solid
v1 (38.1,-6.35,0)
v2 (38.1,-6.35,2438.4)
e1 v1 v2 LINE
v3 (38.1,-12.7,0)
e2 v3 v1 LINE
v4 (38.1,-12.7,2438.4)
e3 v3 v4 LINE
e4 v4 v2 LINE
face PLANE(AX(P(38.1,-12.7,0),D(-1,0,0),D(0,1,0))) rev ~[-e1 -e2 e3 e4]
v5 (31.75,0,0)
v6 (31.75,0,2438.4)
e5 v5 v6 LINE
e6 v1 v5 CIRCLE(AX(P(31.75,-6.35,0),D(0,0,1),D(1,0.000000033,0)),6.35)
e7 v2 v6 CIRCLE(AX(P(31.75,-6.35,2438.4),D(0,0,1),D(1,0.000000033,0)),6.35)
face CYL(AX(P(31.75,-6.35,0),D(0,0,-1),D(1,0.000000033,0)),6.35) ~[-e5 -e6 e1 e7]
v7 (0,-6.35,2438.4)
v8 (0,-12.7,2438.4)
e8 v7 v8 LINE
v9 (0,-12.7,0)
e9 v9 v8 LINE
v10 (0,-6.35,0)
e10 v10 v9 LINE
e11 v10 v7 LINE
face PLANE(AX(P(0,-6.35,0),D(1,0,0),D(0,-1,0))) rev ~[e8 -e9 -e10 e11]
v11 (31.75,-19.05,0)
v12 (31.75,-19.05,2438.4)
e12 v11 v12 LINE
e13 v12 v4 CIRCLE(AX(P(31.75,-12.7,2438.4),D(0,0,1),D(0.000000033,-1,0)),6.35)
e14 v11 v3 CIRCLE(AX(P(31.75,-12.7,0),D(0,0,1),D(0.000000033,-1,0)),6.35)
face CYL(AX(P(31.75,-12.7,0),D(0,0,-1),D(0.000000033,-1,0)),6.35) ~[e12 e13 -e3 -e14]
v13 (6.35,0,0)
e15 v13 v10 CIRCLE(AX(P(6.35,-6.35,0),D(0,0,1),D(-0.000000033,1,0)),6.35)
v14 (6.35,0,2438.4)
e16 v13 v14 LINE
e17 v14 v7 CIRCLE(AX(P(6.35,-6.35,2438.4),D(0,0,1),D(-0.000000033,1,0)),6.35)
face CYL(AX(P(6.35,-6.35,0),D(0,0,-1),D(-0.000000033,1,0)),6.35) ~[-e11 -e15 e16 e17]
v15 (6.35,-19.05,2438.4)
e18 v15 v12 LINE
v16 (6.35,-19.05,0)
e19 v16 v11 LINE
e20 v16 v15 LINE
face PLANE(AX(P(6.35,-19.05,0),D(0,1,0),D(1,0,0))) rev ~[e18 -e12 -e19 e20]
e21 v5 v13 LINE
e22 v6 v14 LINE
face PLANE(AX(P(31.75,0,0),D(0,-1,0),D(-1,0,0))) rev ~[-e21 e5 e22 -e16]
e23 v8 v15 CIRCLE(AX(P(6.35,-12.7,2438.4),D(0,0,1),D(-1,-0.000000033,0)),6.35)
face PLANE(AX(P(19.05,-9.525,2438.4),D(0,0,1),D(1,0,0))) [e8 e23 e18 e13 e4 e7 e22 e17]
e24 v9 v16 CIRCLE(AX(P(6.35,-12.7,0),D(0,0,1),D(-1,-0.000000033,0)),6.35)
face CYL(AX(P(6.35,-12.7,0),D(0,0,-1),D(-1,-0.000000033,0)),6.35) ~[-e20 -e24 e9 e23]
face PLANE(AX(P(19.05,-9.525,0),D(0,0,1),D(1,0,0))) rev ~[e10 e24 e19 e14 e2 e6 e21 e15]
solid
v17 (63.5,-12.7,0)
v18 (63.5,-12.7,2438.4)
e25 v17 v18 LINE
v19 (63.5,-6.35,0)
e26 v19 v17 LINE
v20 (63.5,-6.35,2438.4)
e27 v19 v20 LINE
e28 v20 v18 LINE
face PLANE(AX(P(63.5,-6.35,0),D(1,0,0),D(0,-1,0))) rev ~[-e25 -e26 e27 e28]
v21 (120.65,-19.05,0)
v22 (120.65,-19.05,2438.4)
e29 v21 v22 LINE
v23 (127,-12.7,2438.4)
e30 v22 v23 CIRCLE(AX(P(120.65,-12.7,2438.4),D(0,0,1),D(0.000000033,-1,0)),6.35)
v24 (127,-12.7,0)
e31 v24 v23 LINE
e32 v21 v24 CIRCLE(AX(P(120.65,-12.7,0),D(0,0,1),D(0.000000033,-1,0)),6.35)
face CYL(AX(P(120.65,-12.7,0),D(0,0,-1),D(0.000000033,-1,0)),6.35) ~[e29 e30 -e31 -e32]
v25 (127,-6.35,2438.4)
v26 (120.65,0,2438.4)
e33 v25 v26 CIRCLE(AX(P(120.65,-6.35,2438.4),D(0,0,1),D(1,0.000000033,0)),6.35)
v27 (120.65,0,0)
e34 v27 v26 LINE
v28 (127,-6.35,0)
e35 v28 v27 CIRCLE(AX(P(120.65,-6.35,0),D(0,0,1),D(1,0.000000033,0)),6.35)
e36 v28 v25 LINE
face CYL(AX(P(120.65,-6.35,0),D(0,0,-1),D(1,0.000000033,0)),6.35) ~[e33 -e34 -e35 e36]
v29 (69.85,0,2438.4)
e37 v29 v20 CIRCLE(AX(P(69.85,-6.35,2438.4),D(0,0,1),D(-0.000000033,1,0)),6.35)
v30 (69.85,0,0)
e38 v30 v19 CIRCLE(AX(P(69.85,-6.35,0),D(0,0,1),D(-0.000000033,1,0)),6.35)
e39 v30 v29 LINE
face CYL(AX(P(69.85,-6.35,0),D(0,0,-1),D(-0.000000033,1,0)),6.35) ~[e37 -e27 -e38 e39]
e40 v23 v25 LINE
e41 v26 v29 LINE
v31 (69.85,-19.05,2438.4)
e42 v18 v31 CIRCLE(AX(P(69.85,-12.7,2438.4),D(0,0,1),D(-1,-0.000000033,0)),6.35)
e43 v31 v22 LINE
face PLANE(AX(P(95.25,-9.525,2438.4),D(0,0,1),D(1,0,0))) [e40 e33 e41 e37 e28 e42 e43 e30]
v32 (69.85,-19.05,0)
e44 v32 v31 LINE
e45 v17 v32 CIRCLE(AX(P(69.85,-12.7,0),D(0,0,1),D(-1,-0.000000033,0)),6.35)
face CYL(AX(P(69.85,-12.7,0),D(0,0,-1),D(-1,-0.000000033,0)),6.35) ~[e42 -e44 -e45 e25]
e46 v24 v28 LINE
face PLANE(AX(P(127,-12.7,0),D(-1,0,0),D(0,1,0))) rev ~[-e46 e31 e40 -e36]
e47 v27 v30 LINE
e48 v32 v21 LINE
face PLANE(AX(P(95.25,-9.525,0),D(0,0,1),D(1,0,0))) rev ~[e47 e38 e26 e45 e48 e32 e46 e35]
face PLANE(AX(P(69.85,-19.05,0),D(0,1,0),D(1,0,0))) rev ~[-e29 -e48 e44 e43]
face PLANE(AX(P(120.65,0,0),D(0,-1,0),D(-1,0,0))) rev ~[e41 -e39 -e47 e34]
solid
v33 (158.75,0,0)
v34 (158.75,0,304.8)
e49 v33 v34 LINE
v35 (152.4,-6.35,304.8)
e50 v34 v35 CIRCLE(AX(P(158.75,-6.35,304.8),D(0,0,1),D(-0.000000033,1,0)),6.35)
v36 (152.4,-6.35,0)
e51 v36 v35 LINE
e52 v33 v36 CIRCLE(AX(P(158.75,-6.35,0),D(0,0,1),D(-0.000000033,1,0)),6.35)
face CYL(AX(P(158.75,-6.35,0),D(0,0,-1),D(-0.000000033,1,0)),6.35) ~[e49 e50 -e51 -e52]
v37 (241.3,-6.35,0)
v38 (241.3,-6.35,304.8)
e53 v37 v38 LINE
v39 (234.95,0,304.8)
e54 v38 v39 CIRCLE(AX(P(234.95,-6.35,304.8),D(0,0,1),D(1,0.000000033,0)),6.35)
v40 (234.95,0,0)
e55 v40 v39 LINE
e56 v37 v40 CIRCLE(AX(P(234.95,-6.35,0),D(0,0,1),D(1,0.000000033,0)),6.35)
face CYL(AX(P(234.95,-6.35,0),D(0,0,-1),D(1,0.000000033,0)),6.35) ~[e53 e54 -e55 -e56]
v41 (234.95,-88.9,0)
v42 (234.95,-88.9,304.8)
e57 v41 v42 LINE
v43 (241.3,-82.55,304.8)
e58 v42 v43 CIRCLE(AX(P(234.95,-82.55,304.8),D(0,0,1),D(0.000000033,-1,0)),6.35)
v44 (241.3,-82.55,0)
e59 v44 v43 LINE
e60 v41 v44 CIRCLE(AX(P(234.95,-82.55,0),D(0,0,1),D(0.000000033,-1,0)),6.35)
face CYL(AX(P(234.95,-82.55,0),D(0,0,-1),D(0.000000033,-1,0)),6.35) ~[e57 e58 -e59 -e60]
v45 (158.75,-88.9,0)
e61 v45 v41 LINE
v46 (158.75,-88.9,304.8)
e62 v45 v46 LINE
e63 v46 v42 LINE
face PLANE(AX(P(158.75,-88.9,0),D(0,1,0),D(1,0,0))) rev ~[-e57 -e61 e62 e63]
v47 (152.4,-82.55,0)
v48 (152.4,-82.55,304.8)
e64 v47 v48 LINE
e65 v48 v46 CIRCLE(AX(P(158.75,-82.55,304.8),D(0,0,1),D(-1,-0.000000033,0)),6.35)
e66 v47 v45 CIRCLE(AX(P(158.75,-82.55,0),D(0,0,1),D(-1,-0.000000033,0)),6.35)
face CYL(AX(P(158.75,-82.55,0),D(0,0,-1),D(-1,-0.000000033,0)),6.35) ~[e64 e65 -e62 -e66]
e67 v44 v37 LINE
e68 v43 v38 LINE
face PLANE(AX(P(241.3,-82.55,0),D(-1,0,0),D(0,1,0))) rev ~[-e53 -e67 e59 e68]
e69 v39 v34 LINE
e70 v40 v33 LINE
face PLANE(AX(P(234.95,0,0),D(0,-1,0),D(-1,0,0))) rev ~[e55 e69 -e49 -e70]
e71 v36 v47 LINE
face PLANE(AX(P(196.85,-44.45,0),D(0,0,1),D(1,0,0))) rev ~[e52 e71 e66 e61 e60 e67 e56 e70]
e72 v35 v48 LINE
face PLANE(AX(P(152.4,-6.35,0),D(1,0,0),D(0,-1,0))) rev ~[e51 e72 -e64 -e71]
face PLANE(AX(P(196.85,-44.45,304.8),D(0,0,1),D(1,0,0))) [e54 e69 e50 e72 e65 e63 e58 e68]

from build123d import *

# Parameters (mm, degrees)
F1_DEPTH = 2438.4
F2_DEPTH = 2438.4
F3_DEPTH = 304.8


with BuildPart() as f1:
    # F0 (on Top) → F1 (new body)
    with BuildSketch(Plane.XY):
        with BuildLine():
            Line((31.75, 0), (6.35, 0))
            ThreePointArc((6.35, 0), (1.859872, -1.859872), (0, -6.35))
            Line((0, -6.35), (0, -12.7))
            ThreePointArc((0, -12.7), (1.859872, -17.190128), (6.35, -19.05))
            Line((6.35, -19.05), (31.75, -19.05))
            ThreePointArc((31.75, -19.05), (36.240128, -17.190128), (38.1, -12.7))
            Line((38.1, -12.7), (38.1, -6.35))
            ThreePointArc((38.1, -6.35), (36.240128, -1.859872), (31.75, 0))
        make_face()
    extrude(amount=F1_DEPTH)


with BuildPart() as f2:
    # F0 (on Top) → F2 (new body)
    with BuildSketch(Plane.XY):
        with BuildLine():
            Line((120.65, 0), (69.85, 0))
            ThreePointArc((69.85, 0), (65.359872, -1.859872), (63.5, -6.35))
            Line((63.5, -6.35), (63.5, -12.7))
            ThreePointArc((63.5, -12.7), (65.359872, -17.190128), (69.85, -19.05))
            Line((69.85, -19.05), (120.65, -19.05))
            ThreePointArc((120.65, -19.05), (125.140128, -17.190128), (127, -12.7))
            Line((127, -12.7), (127, -6.35))
            ThreePointArc((127, -6.35), (125.140128, -1.859872), (120.65, 0))
        make_face()
    extrude(amount=F2_DEPTH)


with BuildPart() as f3:
    # F0 (on Top) → F3 (new body)
    with BuildSketch(Plane.XY):
        with BuildLine():
            Line((234.95, 0), (158.75, 0))
            ThreePointArc((158.75, 0), (154.259872, -1.859872), (152.4, -6.35))
            Line((152.4, -6.35), (152.4, -82.55))
            ThreePointArc((152.4, -82.55), (154.259872, -87.040128), (158.75, -88.9))
            Line((158.75, -88.9), (234.95, -88.9))
            ThreePointArc((234.95, -88.9), (239.440128, -87.040128), (241.3, -82.55))
            Line((241.3, -82.55), (241.3, -6.35))
            ThreePointArc((241.3, -6.35), (239.440128, -1.859872), (234.95, 0))
        make_face()
    extrude(amount=F3_DEPTH)


solid = Compound([f1.part, f2.part, f3.part])
